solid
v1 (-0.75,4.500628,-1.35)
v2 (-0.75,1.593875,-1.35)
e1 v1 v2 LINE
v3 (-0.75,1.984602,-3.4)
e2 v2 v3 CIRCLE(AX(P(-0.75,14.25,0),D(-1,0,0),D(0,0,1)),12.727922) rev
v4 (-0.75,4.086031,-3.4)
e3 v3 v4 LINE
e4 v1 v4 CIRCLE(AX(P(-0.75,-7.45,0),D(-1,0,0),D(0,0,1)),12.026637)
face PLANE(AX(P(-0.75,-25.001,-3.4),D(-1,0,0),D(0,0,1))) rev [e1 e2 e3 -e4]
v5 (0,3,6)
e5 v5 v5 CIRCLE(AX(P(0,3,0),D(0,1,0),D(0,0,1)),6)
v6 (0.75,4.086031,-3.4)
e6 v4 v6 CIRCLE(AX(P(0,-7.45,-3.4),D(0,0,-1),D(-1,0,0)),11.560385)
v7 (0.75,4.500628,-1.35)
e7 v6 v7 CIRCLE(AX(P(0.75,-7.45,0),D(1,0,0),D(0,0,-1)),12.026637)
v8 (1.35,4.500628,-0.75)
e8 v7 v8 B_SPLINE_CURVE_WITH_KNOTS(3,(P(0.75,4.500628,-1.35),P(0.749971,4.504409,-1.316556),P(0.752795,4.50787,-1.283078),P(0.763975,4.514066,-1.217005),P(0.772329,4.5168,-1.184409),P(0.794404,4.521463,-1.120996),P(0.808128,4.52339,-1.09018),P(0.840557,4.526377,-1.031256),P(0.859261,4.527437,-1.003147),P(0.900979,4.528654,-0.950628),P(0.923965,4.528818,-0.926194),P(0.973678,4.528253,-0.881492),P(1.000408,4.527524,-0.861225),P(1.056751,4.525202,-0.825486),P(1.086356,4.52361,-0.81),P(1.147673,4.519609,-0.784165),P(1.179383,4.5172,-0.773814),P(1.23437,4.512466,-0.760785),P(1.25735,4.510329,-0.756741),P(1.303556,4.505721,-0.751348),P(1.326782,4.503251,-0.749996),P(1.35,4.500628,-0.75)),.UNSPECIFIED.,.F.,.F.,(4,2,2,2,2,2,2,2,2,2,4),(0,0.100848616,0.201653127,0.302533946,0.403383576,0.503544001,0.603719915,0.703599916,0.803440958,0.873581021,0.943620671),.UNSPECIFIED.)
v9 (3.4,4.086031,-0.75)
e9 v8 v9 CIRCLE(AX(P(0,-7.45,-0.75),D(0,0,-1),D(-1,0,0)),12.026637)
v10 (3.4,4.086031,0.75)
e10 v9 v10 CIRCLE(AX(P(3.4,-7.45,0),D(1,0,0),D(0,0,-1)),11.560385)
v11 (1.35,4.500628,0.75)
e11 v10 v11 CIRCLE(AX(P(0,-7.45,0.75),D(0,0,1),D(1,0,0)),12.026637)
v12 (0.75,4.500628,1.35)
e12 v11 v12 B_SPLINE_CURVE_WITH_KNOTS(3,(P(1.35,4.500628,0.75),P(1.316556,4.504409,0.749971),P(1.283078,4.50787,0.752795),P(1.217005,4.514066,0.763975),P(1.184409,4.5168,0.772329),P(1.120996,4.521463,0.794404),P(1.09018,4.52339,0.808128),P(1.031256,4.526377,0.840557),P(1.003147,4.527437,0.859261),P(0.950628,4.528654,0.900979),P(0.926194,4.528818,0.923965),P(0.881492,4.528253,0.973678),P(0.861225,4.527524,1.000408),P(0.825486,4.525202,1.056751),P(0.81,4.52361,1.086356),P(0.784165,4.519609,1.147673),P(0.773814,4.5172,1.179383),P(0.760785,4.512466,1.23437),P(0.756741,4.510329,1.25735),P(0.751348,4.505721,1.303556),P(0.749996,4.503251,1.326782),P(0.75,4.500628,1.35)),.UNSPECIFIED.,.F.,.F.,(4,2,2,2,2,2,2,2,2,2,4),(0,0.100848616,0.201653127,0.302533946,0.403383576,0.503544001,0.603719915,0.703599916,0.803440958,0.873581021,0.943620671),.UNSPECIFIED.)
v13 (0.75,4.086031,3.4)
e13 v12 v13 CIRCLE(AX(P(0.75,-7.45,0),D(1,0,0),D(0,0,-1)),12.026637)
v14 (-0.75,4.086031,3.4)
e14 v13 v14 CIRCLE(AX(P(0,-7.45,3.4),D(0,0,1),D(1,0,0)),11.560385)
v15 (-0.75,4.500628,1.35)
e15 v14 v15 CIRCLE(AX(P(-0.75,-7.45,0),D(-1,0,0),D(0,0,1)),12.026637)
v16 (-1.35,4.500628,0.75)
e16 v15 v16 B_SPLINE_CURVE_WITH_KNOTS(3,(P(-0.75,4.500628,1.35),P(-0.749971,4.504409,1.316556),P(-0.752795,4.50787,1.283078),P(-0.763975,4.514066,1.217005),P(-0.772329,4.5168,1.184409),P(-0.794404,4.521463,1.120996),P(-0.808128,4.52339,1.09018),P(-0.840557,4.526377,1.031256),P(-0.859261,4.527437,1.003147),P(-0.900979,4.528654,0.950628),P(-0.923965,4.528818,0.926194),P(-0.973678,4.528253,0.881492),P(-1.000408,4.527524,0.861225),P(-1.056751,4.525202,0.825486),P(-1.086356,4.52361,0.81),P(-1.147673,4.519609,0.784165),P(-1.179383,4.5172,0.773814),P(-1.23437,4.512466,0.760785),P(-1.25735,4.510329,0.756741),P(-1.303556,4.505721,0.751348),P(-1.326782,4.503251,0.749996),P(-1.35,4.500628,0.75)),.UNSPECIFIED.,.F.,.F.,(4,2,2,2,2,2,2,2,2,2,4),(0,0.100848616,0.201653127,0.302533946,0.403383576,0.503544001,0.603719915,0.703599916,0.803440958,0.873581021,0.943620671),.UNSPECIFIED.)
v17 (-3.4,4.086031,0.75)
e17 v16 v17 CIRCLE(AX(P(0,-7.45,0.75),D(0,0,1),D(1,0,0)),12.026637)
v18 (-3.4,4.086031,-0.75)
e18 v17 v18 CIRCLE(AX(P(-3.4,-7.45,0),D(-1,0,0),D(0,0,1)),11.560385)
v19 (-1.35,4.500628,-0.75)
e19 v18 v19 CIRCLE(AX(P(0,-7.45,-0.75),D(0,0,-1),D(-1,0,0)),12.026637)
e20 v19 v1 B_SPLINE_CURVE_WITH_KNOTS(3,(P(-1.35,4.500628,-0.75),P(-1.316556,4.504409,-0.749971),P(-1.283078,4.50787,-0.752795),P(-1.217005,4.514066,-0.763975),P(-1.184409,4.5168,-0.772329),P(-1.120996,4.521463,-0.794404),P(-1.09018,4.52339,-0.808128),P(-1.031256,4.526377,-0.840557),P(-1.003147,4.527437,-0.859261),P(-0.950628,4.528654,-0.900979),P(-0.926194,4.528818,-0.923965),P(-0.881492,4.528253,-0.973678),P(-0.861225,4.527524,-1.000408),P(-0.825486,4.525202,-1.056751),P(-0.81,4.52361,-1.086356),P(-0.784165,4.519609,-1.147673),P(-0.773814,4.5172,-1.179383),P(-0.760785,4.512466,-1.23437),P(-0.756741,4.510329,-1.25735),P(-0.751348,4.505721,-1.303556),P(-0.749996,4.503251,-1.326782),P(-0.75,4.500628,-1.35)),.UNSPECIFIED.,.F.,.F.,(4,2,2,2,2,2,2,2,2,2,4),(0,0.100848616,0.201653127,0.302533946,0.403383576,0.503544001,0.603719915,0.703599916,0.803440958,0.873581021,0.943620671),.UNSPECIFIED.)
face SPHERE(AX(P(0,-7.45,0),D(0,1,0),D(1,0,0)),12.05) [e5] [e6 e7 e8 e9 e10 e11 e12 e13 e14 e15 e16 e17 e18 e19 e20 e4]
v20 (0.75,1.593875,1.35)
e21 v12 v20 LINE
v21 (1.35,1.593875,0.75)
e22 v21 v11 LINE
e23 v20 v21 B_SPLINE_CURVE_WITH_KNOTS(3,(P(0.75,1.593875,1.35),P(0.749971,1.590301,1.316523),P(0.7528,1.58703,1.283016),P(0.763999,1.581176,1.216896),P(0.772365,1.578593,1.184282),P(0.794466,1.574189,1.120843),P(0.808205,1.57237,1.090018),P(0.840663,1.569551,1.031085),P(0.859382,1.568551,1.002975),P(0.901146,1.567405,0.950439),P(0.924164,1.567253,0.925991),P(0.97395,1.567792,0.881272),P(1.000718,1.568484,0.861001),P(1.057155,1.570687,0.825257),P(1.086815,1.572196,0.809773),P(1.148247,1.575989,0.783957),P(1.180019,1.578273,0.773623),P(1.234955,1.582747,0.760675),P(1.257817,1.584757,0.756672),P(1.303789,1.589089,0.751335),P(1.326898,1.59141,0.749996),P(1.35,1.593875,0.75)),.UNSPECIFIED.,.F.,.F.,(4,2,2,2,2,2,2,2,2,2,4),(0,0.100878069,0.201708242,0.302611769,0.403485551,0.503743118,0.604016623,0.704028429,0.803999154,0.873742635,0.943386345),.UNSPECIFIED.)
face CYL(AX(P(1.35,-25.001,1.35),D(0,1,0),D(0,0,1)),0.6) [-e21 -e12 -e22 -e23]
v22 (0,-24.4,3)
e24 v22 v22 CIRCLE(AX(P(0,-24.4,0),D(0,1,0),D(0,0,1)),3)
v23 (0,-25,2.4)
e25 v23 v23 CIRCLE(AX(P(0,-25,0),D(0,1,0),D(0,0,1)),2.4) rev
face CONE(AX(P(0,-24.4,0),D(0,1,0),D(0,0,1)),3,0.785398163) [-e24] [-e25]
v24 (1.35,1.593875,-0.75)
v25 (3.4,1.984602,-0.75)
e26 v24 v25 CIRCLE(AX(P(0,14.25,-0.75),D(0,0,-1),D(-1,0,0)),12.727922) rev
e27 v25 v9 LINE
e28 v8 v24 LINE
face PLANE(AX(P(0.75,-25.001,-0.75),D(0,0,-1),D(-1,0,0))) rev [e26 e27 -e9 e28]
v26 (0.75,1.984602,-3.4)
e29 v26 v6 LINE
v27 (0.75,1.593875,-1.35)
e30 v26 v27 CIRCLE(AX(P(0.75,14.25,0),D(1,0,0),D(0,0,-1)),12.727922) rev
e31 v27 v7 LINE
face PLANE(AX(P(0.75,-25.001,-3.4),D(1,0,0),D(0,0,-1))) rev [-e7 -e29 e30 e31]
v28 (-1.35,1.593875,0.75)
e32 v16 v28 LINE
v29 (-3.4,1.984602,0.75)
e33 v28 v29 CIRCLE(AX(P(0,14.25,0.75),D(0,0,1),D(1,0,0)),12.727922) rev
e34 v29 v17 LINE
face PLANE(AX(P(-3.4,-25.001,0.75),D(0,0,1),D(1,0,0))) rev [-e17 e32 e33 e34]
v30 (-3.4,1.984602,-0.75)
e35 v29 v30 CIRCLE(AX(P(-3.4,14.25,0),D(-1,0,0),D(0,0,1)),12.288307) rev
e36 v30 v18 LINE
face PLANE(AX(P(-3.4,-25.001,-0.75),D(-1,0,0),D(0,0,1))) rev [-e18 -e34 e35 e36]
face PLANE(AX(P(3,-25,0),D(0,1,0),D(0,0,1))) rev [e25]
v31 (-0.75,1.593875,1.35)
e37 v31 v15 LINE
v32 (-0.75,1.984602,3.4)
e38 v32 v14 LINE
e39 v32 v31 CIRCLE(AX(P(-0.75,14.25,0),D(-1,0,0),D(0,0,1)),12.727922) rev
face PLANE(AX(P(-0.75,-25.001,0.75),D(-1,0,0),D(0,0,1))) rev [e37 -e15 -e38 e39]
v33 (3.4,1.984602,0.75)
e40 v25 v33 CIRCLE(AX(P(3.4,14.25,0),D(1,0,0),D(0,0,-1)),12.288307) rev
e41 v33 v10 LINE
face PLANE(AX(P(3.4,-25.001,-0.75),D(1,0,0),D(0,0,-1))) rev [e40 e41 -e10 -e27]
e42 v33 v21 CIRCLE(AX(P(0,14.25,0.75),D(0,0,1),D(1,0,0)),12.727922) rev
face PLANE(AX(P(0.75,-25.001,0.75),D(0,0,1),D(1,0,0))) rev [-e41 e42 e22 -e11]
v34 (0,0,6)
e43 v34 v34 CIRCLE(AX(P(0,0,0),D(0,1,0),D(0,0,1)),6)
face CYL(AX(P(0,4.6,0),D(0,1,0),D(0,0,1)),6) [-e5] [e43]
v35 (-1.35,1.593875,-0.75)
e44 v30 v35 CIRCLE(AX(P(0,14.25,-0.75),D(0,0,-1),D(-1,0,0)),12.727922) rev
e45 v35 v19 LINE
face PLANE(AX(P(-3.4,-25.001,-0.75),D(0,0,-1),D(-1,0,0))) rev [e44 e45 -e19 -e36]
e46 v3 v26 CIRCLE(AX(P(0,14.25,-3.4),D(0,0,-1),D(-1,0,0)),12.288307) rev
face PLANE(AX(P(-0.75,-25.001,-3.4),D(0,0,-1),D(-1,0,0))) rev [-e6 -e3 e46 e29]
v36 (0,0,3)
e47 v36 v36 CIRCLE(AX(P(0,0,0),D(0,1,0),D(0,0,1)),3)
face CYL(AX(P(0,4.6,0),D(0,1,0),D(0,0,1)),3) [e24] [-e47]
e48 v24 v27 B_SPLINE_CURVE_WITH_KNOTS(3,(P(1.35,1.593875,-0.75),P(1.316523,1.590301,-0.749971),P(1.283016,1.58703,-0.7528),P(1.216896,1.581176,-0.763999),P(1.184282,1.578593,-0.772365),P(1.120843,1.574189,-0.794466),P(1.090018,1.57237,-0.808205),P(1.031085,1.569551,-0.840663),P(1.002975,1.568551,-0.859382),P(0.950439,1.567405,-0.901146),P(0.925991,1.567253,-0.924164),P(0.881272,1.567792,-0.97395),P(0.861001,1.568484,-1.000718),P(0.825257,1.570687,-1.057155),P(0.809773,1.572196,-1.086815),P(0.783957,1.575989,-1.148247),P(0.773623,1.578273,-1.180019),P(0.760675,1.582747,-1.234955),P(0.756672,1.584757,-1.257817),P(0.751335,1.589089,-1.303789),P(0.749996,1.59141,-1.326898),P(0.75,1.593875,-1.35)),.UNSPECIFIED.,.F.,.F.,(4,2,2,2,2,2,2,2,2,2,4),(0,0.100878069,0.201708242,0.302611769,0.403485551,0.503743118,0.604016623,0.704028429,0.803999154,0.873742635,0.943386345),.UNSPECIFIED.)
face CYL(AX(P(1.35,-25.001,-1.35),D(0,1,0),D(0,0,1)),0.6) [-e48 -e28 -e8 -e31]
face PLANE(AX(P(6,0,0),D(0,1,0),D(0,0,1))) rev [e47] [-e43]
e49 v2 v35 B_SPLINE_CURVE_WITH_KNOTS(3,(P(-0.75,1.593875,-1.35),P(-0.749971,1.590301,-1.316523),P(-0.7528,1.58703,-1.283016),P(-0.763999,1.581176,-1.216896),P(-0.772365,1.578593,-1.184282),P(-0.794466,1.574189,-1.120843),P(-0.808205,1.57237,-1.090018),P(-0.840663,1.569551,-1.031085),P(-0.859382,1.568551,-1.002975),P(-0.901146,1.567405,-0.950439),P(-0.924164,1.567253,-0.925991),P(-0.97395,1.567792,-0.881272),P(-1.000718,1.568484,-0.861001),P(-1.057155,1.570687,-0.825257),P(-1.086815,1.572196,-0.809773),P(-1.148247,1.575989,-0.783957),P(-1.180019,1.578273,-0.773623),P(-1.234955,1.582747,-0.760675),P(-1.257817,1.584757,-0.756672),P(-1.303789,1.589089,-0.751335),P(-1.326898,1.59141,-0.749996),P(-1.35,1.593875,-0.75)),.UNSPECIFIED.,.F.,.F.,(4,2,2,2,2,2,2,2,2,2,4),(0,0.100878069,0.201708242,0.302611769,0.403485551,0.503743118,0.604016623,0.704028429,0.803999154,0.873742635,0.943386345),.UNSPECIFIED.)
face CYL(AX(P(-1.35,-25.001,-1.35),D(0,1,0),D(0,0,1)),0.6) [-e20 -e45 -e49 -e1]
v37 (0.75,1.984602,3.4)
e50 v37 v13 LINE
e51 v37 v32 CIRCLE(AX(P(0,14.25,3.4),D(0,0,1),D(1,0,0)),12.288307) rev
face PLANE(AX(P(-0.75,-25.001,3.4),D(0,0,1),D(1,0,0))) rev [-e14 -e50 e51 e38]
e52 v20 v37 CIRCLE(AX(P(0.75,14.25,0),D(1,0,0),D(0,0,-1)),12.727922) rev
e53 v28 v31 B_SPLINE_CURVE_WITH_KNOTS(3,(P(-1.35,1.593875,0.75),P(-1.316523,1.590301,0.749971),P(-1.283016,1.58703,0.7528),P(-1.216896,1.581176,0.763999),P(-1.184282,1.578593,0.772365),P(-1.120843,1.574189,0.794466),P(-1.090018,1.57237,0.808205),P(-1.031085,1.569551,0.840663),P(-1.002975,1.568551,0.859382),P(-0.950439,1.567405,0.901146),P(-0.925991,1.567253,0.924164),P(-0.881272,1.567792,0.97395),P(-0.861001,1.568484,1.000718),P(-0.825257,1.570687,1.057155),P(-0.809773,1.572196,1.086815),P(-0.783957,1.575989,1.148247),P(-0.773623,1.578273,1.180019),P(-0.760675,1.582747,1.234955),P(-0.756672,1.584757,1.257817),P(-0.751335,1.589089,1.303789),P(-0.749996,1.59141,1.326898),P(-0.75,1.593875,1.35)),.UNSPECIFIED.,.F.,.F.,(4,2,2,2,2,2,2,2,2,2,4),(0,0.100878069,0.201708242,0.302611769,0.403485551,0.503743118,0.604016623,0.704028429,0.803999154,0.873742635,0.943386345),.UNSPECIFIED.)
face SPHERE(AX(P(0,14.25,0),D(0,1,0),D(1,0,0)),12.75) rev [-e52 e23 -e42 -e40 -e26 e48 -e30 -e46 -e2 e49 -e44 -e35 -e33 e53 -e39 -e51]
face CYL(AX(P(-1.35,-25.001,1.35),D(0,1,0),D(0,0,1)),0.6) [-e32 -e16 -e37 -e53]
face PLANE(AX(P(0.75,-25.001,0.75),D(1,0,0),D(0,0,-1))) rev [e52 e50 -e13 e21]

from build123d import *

# Parameters (mm, degrees)
CUT_EXTRUDE1_REACH      = 48.401
CUT_EXTRUDE1_END_RADIUS = 12.75
CUT_EXTRUDE1_START      = 20
FILLET1_R               = 0.6
CHAMFER1_SIZE           = 0.6


with BuildPart() as part:
    # Sketch1 → Revolve1 (revolve)
    with BuildSketch(Plane.XY, mode=Mode.PRIVATE) as revolve1_sk:
        with BuildLine():
            Line((0, 0), (0, 4.6))
            ThreePointArc((0, 4.6), (3.104834939, 4.193131022), (6, 3))
            Line((6, 3), (6, 0))
            Line((6, 0), (3, 0))
            Line((3, 0), (3, -25))
            Line((3, -25), (0, -25))
            Line((0, -25), (0, 0))
        make_face()
    revolve(revolve1_sk.sketch.rotate(Axis((0, 4.6, 0), (0, -1, 0)), 90), axis=Axis((0, 4.6, 0), (0, -1, 0)))

    # Cut-Extrude1: up to this sphere (the profile starts inside it)
    cut_extrude1_end = Location((0, 14.25, 0)) * Sphere(CUT_EXTRUDE1_END_RADIUS, mode=Mode.PRIVATE)
    # Sketch4 → Cut-Extrude1 (cut, up to the surface)
    with BuildSketch(Plane(origin=(0, 0, 0), x_dir=(1, 0, 0), z_dir=(0, 1, 0)).offset(CUT_EXTRUDE1_START), mode=Mode.PRIVATE) as cut_extrude1_sk1:
        Polygon((-0.75, -0.75), (-0.75, -3.4), (0.75, -3.4), (0.75, -0.75), (3.4, -0.75), (3.4, 0.75), (0.75, 0.75), (0.75, 3.4), (-0.75, 3.4), (-0.75, 0.75), (-3.4, 0.75), (-3.4, -0.75), align=None)
    cut_extrude1_tool1 = extrude(cut_extrude1_sk1.sketch, amount=-CUT_EXTRUDE1_REACH, mode=Mode.PRIVATE) & cut_extrude1_end
    add(cut_extrude1_tool1.solids().sort_by_distance((0, 20, 0))[0], mode=Mode.SUBTRACT)

    # Fillet1
    fillet1_edges = [part.edges().sort_by_distance(p)[0] for p in [
        (0.75, 3.048711486, 0.75),
        (-0.75, 3.048711486, 0.75),
        (-0.75, 3.048711486, -0.75),
        (0.75, 3.048711486, -0.75),
    ]]
    fillet(fillet1_edges, radius=FILLET1_R)

    # Chamfer1
    chamfer1_edges = [part.edges().sort_by_distance(p)[0] for p in [
        (0, -25, -3),
    ]]
    chamfer(chamfer1_edges, length=CHAMFER1_SIZE)


solid = part.part
